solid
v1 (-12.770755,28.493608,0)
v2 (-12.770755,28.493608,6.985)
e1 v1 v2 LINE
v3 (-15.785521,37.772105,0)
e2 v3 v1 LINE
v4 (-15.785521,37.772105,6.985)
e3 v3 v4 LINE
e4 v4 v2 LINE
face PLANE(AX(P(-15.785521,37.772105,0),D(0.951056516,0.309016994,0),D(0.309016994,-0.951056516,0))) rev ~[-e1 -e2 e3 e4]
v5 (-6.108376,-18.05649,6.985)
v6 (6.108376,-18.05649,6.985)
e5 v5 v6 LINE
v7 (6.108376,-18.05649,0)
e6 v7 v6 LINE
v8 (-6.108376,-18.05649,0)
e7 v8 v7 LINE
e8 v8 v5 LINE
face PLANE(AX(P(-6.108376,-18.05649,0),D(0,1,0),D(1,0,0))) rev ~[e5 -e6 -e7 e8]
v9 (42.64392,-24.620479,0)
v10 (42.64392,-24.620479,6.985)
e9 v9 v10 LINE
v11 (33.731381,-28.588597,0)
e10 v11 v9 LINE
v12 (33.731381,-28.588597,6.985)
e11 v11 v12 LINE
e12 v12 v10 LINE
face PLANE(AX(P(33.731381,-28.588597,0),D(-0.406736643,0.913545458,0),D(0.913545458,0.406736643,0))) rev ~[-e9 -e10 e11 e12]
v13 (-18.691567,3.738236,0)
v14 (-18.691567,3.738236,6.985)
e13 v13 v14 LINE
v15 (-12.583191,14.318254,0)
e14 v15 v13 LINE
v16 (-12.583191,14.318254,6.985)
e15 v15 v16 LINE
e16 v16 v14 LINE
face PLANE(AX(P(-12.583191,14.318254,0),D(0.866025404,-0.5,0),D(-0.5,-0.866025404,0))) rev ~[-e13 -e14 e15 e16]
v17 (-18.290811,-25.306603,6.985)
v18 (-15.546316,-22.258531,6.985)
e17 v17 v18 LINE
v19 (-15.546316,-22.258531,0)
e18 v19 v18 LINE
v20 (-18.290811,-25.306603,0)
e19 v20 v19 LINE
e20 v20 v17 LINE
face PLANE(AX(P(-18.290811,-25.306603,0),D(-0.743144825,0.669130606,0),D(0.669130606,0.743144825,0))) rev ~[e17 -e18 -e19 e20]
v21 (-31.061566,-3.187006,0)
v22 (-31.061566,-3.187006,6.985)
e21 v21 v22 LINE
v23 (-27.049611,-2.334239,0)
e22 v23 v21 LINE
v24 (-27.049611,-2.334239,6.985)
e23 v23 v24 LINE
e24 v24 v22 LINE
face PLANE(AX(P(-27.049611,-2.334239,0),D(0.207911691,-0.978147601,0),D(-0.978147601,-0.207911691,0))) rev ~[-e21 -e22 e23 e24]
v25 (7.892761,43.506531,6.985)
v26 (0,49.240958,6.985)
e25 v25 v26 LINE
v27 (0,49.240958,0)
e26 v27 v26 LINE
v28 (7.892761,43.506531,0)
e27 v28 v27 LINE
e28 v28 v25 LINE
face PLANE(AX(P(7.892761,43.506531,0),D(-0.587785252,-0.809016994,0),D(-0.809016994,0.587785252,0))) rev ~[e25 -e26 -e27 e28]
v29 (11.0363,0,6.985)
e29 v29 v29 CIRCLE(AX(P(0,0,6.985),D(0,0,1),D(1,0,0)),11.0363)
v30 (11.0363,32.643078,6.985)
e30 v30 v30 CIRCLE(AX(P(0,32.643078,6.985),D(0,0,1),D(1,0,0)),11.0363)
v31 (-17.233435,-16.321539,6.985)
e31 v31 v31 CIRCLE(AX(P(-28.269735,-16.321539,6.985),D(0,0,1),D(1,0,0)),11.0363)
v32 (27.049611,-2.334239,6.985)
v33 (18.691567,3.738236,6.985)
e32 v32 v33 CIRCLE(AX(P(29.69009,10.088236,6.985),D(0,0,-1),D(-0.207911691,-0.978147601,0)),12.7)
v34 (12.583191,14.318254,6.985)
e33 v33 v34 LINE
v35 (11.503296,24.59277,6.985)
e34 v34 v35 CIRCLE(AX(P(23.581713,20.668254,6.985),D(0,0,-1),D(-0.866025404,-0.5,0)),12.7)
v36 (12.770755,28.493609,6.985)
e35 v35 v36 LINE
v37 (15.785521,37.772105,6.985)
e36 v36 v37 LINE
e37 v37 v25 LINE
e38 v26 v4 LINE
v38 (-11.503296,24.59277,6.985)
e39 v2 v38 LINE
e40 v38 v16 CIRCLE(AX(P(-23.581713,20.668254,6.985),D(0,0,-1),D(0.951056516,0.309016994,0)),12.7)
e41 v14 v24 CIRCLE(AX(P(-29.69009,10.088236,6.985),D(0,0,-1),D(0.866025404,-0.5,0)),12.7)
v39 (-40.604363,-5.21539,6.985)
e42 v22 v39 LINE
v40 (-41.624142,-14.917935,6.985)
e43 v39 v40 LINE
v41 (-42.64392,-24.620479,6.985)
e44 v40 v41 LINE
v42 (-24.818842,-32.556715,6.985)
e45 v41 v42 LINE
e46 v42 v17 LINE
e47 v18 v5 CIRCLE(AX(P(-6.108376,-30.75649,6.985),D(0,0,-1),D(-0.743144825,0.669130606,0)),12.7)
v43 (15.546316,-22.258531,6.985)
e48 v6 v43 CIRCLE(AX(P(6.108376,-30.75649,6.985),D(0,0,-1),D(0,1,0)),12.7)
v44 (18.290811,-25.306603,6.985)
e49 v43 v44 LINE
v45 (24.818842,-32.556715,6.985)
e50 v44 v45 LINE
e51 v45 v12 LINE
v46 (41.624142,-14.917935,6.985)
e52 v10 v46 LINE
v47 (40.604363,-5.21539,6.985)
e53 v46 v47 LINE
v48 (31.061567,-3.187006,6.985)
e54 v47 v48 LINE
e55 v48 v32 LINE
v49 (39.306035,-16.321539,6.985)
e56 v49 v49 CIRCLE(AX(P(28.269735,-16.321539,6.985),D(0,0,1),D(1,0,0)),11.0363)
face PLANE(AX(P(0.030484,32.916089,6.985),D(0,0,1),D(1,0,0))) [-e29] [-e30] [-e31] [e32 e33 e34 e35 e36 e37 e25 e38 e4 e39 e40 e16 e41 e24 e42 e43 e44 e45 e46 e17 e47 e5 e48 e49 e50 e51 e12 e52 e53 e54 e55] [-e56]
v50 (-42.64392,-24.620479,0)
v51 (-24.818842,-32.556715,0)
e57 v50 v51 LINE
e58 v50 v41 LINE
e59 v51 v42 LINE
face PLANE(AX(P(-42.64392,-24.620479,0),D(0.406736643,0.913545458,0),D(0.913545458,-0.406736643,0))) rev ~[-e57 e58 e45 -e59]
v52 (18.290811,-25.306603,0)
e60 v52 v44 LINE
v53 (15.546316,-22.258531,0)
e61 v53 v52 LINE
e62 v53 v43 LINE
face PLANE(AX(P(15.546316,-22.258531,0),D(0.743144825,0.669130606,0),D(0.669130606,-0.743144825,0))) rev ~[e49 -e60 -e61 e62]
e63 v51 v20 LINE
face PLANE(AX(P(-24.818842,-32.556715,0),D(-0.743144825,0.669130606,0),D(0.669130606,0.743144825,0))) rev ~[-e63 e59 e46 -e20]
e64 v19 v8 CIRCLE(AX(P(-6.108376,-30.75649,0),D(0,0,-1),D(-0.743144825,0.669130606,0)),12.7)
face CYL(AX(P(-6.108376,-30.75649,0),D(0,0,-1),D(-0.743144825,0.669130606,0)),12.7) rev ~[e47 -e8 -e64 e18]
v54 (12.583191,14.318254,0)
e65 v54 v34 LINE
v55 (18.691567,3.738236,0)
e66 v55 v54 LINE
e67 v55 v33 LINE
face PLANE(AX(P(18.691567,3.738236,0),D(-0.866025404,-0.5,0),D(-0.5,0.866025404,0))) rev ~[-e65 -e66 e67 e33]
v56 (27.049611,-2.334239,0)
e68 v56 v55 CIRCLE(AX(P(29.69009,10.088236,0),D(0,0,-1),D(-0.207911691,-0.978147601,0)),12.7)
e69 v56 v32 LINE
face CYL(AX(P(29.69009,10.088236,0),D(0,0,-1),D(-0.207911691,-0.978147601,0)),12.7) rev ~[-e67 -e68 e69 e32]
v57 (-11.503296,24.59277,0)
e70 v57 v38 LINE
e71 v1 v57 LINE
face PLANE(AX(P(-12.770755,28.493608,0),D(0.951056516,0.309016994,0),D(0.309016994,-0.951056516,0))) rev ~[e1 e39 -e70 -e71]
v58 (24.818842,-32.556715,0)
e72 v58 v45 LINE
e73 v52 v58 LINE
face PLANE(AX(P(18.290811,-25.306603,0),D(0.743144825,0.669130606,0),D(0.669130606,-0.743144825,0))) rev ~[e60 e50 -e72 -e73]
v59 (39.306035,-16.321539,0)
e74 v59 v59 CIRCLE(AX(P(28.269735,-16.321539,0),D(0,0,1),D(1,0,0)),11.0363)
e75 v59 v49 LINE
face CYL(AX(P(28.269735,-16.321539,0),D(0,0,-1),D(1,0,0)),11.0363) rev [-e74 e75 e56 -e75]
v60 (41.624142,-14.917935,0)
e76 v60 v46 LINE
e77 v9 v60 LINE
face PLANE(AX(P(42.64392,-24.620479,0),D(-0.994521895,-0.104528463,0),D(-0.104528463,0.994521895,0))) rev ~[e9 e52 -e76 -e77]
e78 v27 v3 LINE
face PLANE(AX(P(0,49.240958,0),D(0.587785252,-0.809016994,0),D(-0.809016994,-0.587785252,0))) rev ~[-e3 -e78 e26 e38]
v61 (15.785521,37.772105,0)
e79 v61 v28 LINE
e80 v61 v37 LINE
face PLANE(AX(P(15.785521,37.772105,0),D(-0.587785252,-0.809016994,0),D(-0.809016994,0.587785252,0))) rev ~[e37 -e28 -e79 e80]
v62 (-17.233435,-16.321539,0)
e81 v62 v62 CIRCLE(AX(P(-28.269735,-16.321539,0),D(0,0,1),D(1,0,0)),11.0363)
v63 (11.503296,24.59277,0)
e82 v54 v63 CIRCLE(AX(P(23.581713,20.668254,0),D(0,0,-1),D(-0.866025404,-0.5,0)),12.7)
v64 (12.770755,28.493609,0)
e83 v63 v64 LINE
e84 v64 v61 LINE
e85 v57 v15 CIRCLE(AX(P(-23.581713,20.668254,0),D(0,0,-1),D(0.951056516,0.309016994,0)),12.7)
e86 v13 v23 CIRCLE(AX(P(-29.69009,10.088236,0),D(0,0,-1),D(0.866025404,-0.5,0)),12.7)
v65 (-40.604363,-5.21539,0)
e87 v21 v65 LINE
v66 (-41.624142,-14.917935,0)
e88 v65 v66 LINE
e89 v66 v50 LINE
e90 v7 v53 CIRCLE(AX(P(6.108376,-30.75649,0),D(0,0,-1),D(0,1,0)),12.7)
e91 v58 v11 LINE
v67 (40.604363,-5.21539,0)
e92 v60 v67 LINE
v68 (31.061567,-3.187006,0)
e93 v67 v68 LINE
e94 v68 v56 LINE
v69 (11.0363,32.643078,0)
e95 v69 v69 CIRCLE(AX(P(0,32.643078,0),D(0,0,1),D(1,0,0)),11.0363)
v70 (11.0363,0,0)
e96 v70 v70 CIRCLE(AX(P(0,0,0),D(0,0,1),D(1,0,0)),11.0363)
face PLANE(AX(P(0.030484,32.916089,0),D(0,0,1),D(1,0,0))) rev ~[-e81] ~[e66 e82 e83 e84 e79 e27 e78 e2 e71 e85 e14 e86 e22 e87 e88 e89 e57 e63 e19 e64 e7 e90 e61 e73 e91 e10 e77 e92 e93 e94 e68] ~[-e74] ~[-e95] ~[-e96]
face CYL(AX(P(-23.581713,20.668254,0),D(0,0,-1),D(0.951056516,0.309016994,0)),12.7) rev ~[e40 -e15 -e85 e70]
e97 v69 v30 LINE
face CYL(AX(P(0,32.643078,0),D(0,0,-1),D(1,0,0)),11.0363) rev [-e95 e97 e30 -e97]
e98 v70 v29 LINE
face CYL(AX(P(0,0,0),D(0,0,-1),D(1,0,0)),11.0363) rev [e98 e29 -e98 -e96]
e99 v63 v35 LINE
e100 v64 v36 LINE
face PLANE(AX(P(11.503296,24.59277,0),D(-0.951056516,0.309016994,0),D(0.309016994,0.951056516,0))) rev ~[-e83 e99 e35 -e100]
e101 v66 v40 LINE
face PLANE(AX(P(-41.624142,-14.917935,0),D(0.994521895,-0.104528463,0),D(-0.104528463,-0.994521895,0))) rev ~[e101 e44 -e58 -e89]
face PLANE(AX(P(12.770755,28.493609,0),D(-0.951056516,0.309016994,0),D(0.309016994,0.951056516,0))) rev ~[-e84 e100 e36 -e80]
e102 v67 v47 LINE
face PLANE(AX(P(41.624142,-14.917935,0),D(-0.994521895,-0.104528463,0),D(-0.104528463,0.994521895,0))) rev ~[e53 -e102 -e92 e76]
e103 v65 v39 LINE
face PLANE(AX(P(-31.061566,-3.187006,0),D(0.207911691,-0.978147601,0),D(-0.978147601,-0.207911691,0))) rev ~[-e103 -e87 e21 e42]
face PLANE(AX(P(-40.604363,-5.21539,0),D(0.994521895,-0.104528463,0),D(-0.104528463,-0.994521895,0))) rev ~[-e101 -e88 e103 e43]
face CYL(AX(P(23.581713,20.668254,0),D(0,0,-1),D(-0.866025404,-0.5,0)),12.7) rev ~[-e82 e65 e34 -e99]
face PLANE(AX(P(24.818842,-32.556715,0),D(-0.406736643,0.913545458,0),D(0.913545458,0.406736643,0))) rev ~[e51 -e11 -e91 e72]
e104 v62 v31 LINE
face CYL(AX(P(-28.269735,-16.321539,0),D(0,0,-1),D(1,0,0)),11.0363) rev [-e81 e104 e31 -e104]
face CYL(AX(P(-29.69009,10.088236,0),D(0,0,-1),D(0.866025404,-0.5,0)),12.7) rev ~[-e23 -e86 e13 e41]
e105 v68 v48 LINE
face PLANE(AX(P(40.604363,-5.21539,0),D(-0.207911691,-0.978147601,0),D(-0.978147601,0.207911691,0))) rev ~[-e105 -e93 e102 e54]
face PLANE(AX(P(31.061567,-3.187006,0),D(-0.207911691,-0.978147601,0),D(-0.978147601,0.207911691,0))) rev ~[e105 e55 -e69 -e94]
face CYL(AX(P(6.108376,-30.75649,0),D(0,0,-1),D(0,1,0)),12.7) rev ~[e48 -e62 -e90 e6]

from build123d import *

# Parameters (mm, degrees)
F0_R     = 11.0363
F1_DEPTH = 6.985


with BuildPart() as f1:
    # F0 (on Top) → F1 (new body)
    with BuildSketch(Plane.XY):
        with BuildLine():
            ThreePointArc((12.7707550595, 28.4936086172), (13.2626459449, 30.5424816606), (13.4279664867, 32.6430783639))
            ThreePointArc((13.4279664867, 32.6430783639), (11.9644057547, 38.739247563), (7.8927606994, 43.5065314296))
            ThreePointArc((7.8927606994, 43.5065314296), (-4.13e-08, 46.0710448506), (-7.8927607663, 43.506531381))
            ThreePointArc((-7.8927607663, 43.506531381), (-12.7707550555, 36.7925481229), (-12.7707550095, 28.4936084631))
            ThreePointArc((-12.7707550095, 28.4936084631), (8.1e-08, 19.2151118771), (12.7707550595, 28.4936086172))
        make_face()
        with Locations((0, 32.6430783639)):
            Circle(F0_R, mode=Mode.SUBTRACT)
        with BuildLine():
            ThreePointArc((7.8927606994, 43.5065314296), (11.9644057547, 38.739247563), (13.4279664867, 32.6430783639))
            ThreePointArc((13.4279664867, 32.6430783639), (13.2626459449, 30.5424816606), (12.7707550595, 28.4936086172))
            Line((12.7707550595, 28.4936086172), (15.7855213384, 37.772105162))
            Line((15.7855213384, 37.772105162), (7.8927606994, 43.5065314296))
        make_face()
        with BuildLine():
            ThreePointArc((-7.8927607663, 43.506531381), (-4.13e-08, 46.0710448506), (7.8927606994, 43.5065314296))
            Line((7.8927606994, 43.5065314296), (0, 49.2409577411))
            Line((0, 49.2409577411), (-7.8927607663, 43.506531381))
        make_face()
        with BuildLine():
            Line((11.5032957401, 24.5927699357), (12.7707550595, 28.4936086172))
            ThreePointArc((12.7707550595, 28.4936086172), (8.1e-08, 19.2151118771), (-12.7707550095, 28.4936084631))
            Line((-12.7707550095, 28.4936084631), (-11.5032957401, 24.5927699357))
            ThreePointArc((-11.5032957401, 24.5927699357), (-10.9512854258, 19.3407426236), (-12.583190869, 14.3182541071))
            Line((-12.583190869, 14.3182541071), (-18.6915672291, 3.7382358996))
            ThreePointArc((-18.6915672291, 3.7382358996), (-22.225217153, -0.1862799289), (-27.0496113837, -2.3342386297))
            Line((-27.0496113837, -2.3342386297), (-31.0615663455, -3.1870059819))
            ThreePointArc((-31.0615663455, -3.1870059819), (-19.8192420037, -5.8860492535), (-14.8417686341, -16.3215391819))
            ThreePointArc((-14.8417686341, -16.3215391819), (-15.7336484589, -21.1336920446), (-18.2908113758, -25.306602613))
            Line((-18.2908113758, -25.306602613), (-15.5463156437, -22.258531306))
            ThreePointArc((-15.5463156437, -22.258531306), (-11.2739317272, -19.1544626947), (-6.1083763601, -18.0564900067))
            Line((-6.1083763601, -18.0564900067), (6.1083763601, -18.0564900067))
            ThreePointArc((6.1083763601, -18.0564900067), (11.2739317272, -19.1544626947), (15.5463156437, -22.258531306))
            Line((15.5463156437, -22.258531306), (18.2908113758, -25.306602613))
            ThreePointArc((18.2908113758, -25.306602613), (16.6407750687, -9.607555858), (31.0615666162, -3.1870060395))
            Line((31.0615666162, -3.1870060395), (27.0496113837, -2.3342386297))
            ThreePointArc((27.0496113837, -2.3342386297), (22.225217153, -0.1862799289), (18.6915672291, 3.7382358996))
            Line((18.6915672291, 3.7382358996), (12.583190869, 14.3182541071))
            ThreePointArc((12.583190869, 14.3182541071), (10.9512854258, 19.3407426236), (11.5032957401, 24.5927699357))
        make_face()
        Circle(F0_R, mode=Mode.SUBTRACT)
        with BuildLine():
            ThreePointArc((-12.7707550095, 28.4936084631), (-12.7707550555, 36.7925481229), (-7.8927607663, 43.506531381))
            Line((-7.8927607663, 43.506531381), (-15.7855213384, 37.772105162))
            Line((-15.7855213384, 37.772105162), (-12.7707550095, 28.4936084631))
        make_face()
        with BuildLine():
            Line((40.6043632939, -5.21539009), (31.0615666162, -3.1870060395))
            ThreePointArc((31.0615666162, -3.1870060395), (38.2486591322, -7.3364760466), (41.6241418349, -14.9179347913))
            Line((41.6241418349, -14.9179347913), (40.6043632939, -5.21539009))
        make_face()
        with BuildLine():
            ThreePointArc((41.6241418349, -14.9179347913), (38.2486591322, -7.3364760466), (31.0615666162, -3.1870060395))
            ThreePointArc((31.0615666162, -3.1870060395), (16.6407750687, -9.607555858), (18.2908113758, -25.306602613))
            ThreePointArc((18.2908113758, -25.306602613), (25.4779040103, -29.4560724062), (33.7313812405, -28.5885969234))
            ThreePointArc((33.7313812405, -28.5885969234), (39.5313754327, -23.6349338421), (41.6977016076, -16.3215391819))
            ThreePointArc((41.6977016076, -16.3215391819), (41.6792990544, -15.6187738716), (41.6241418349, -14.9179347913))
        make_face()
        with Locations((28.2697351208, -16.3215391819)):
            Circle(F0_R, mode=Mode.SUBTRACT)
        with BuildLine():
            ThreePointArc((-14.8417686341, -16.3215391819), (-19.8192420037, -5.8860492535), (-31.0615663455, -3.1870059819))
            ThreePointArc((-31.0615663455, -3.1870059819), (-38.2486589518, -7.3364758463), (-41.6241418074, -14.9179345303))
            ThreePointArc((-41.6241418074, -14.9179345303), (-39.8986951958, -23.0355224663), (-33.7313810924, -28.5885969893))
            ThreePointArc((-33.7313810924, -28.5885969893), (-25.477903931, -29.4560723893), (-18.2908113758, -25.306602613))
            ThreePointArc((-18.2908113758, -25.306602613), (-15.7336484589, -21.1336920446), (-14.8417686341, -16.3215391819))
        make_face()
        with Locations((-28.2697351208, -16.3215391819)):
            Circle(F0_R, mode=Mode.SUBTRACT)
        with BuildLine():
            ThreePointArc((-41.6241418074, -14.9179345303), (-38.2486589518, -7.3364758463), (-31.0615663455, -3.1870059819))
            Line((-31.0615663455, -3.1870059819), (-40.6043632939, -5.21539009))
            Line((-40.6043632939, -5.21539009), (-41.6241418074, -14.9179345303))
        make_face()
        with BuildLine():
            Line((42.6439203104, -24.6204788705), (41.6241418349, -14.9179347913))
            ThreePointArc((41.6241418349, -14.9179347913), (41.6792990544, -15.6187738716), (41.6977016076, -16.3215391819))
            ThreePointArc((41.6977016076, -16.3215391819), (39.5313754327, -23.6349338421), (33.7313812405, -28.5885969234))
            Line((33.7313812405, -28.5885969234), (42.6439203104, -24.6204788705))
        make_face()
        with BuildLine():
            ThreePointArc((33.7313812405, -28.5885969234), (25.4779040103, -29.4560724062), (18.2908113758, -25.306602613))
            Line((18.2908113758, -25.306602613), (24.8188419555, -32.556715072))
            Line((24.8188419555, -32.556715072), (33.7313812405, -28.5885969234))
        make_face()
        with BuildLine():
            ThreePointArc((-33.7313810924, -28.5885969893), (-39.8986951958, -23.0355224663), (-41.6241418074, -14.9179345303))
            Line((-41.6241418074, -14.9179345303), (-42.6439203104, -24.6204788705))
            Line((-42.6439203104, -24.6204788705), (-33.7313810924, -28.5885969893))
        make_face()
        with BuildLine():
            Line((-24.8188419555, -32.556715072), (-18.2908113758, -25.306602613))
            ThreePointArc((-18.2908113758, -25.306602613), (-25.477903931, -29.4560723893), (-33.7313810924, -28.5885969893))
            Line((-33.7313810924, -28.5885969893), (-24.8188419555, -32.556715072))
        make_face()
    extrude(amount=F1_DEPTH)


solid = f1.part
